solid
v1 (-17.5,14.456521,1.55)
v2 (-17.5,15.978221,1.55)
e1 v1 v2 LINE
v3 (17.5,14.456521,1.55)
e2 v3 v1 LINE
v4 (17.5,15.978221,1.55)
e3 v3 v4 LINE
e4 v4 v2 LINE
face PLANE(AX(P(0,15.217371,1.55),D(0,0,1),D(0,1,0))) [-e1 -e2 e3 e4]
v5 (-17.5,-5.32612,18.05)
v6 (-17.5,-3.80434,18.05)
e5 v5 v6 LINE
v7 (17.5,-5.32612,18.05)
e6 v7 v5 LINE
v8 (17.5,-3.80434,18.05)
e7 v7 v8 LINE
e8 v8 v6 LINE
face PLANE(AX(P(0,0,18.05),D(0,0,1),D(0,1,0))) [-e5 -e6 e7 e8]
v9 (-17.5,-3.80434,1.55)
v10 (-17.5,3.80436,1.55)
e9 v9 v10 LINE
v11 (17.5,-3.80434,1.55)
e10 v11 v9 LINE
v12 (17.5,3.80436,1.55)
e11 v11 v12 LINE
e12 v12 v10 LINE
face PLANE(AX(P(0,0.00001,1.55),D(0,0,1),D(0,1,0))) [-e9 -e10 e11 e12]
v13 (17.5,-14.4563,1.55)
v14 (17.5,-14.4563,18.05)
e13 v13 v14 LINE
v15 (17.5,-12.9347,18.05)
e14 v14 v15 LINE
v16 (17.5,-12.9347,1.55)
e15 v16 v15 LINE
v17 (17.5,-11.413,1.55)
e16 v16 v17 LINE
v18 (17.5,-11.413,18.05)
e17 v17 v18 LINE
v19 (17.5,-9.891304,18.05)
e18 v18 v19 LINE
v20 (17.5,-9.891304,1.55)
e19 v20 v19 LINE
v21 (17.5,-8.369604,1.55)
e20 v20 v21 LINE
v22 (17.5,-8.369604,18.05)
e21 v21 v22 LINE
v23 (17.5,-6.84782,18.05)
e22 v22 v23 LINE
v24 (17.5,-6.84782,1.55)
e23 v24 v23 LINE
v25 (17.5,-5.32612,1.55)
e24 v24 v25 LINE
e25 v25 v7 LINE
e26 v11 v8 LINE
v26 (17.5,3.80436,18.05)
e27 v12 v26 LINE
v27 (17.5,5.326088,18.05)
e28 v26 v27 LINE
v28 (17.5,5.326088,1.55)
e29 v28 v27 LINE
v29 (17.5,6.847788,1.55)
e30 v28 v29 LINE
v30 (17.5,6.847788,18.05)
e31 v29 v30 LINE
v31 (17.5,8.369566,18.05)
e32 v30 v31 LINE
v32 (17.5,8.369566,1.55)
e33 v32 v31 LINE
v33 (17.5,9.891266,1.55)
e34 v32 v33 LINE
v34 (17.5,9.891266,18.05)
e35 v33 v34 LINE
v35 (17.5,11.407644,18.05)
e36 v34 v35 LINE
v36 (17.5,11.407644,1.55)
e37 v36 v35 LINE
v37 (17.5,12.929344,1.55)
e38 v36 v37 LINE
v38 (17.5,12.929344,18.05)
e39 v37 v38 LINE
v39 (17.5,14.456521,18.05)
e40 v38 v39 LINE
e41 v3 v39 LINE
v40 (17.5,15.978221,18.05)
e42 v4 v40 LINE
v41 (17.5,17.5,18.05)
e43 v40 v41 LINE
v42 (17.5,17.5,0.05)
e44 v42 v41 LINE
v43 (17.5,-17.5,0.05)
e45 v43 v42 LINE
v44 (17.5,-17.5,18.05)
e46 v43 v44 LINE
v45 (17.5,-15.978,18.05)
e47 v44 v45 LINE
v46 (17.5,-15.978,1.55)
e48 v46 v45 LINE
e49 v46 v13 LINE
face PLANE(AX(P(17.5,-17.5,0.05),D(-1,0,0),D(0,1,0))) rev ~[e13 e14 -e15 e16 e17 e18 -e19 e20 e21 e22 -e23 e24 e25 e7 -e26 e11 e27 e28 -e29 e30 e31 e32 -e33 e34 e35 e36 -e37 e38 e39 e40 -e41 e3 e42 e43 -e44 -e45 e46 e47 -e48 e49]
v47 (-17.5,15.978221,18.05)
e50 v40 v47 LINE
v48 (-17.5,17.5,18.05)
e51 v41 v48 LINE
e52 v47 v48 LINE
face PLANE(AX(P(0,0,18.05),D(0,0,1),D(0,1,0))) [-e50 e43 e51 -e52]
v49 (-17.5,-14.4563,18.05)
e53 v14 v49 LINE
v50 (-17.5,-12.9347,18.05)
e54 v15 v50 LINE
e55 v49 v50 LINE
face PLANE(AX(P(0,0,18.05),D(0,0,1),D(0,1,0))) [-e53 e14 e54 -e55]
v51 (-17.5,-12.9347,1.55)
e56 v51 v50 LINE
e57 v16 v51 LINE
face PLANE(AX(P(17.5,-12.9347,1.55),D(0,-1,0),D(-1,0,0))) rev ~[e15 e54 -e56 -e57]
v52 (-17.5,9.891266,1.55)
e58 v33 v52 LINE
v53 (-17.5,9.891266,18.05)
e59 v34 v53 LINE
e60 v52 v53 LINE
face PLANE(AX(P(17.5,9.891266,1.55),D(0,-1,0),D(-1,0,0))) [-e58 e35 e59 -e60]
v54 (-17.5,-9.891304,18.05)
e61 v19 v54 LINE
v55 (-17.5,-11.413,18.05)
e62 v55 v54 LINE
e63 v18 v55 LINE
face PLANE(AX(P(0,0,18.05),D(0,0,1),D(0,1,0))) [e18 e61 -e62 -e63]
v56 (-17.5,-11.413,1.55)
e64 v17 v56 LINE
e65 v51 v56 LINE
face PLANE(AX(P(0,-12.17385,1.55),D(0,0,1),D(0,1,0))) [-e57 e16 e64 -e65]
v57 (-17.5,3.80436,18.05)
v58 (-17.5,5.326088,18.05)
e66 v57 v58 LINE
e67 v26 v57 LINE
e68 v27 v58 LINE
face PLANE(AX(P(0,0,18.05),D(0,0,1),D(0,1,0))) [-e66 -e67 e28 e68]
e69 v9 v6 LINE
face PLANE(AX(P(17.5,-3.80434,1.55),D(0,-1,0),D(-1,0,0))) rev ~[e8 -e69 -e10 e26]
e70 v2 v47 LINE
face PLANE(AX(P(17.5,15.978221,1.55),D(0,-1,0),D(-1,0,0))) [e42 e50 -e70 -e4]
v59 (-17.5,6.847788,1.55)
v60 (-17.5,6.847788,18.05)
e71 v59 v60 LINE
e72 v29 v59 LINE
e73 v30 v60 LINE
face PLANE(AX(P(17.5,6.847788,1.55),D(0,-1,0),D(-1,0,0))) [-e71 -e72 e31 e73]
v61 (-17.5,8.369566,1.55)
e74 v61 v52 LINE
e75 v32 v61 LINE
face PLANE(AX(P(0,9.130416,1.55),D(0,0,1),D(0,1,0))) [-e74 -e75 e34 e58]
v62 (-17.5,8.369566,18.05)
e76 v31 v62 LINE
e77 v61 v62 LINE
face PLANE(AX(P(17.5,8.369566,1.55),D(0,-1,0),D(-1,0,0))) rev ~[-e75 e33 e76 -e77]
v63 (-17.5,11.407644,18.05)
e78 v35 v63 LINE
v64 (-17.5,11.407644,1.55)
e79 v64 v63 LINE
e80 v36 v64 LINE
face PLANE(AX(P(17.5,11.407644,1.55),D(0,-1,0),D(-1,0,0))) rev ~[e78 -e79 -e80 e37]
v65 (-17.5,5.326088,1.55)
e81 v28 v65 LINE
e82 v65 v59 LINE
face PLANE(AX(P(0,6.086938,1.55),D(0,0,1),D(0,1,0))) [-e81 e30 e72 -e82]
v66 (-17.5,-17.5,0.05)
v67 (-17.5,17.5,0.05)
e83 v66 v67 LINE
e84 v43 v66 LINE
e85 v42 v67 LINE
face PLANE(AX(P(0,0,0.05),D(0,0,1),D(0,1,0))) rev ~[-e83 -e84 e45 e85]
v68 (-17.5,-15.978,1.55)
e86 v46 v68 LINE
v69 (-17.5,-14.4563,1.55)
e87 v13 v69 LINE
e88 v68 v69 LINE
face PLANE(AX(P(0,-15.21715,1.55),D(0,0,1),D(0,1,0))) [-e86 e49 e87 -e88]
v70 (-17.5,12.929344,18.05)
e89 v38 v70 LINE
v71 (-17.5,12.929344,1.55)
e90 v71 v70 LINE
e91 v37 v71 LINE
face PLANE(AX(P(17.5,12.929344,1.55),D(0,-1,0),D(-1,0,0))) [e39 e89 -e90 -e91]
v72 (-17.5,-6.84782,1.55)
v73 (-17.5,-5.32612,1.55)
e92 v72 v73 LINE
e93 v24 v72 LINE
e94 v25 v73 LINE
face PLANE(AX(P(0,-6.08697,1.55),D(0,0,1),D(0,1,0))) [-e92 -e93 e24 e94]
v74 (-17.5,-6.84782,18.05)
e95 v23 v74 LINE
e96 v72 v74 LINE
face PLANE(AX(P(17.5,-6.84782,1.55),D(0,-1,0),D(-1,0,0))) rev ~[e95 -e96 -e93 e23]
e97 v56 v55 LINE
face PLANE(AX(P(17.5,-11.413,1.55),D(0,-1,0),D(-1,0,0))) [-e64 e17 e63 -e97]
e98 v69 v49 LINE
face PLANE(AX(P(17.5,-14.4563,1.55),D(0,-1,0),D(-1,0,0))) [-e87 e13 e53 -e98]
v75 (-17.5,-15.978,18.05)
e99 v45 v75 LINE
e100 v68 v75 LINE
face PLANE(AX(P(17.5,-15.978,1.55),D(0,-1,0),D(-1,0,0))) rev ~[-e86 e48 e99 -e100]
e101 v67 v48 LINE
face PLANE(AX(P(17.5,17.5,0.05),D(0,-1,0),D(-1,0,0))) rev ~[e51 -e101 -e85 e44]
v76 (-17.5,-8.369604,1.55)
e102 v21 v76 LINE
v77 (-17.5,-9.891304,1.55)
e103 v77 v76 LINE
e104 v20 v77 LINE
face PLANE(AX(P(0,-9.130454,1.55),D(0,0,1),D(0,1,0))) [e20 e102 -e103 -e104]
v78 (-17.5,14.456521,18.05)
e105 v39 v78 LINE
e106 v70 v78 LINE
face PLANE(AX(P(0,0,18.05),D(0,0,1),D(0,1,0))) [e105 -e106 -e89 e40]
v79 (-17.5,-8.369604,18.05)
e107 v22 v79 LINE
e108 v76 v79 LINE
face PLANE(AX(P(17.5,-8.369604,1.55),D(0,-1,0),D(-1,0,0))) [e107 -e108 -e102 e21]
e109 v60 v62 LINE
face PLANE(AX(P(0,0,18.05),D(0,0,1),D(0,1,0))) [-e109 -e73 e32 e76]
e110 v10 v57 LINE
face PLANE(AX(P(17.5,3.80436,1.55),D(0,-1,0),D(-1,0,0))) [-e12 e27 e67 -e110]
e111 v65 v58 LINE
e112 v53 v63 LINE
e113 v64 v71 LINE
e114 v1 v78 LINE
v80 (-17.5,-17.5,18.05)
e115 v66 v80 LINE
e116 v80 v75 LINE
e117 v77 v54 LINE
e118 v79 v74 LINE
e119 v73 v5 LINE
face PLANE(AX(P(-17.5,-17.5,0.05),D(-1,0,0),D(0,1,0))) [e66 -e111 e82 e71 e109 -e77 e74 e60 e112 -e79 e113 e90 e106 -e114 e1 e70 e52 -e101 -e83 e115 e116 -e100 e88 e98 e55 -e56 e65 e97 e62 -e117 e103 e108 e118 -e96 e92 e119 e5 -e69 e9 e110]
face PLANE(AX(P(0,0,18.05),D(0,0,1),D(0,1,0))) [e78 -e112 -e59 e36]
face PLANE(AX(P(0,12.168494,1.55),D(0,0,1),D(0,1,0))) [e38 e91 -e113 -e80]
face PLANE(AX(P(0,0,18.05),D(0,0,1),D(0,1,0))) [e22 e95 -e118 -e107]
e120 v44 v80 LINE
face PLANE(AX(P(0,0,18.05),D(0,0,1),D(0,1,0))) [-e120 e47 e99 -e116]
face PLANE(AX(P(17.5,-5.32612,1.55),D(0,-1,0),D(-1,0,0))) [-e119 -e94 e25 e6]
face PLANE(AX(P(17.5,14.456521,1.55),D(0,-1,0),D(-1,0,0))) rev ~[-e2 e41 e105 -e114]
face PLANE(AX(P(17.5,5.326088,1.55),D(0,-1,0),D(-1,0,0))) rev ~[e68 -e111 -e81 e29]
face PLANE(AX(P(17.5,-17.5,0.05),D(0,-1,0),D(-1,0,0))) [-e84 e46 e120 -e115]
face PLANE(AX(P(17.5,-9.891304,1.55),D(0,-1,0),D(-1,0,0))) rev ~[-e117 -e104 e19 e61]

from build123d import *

# Parameters (mm, degrees)
BOX_W                = 35
BOX_H                = 35
BOX_DEPTH            = 18
BOX001_W             = 1.5217
BOX001_H             = 35
BOX001_DEPTH         = 16.5
BOX002_W             = 1.5217
BOX002_H             = 35
BOX002_DEPTH         = 16.5
BOX003_W             = 1.5217
BOX003_H             = 35
BOX003_DEPTH         = 16.5
BOX004_W             = 1.5217
BOX004_H             = 35
BOX004_DEPTH         = 16.5
BOX005_W             = 7.6087
BOX005_H             = 35
BOX005_DEPTH         = 16.5
BOX006_W             = 1.5217
BOX006_H             = 35
BOX006_DEPTH         = 16.5
BOX007_W             = 1.5217
BOX007_H             = 35
BOX007_DEPTH         = 16.5
BOX008_W             = 1.5217
BOX008_H             = 35
BOX008_DEPTH         = 16.5
BOX009_W             = 1.5217
BOX009_H             = 35
BOX009_DEPTH         = 16.5
BODY_PLACEMENT_ANGLE = 90


with BuildPart() as part:
    # Box → Box (join)
    with BuildSketch(Plane(origin=(-17.5, -17.5, 0), x_dir=(1, 0, 0), z_dir=(0, 0, 1))):
        with Locations((17.5, 17.5)):
            Rectangle(BOX_W, BOX_H)
    extrude(amount=BOX_DEPTH)

    # Box001 → Box001 (cut)
    with BuildSketch(Plane(origin=(-15.978, -17.5, 1.5), x_dir=(1, 0, 0), z_dir=(0, 0, 1))):
        with Locations((0.76085, 17.5)):
            Rectangle(BOX001_W, BOX001_H)
    extrude(amount=BOX001_DEPTH, mode=Mode.SUBTRACT)

    # Box002 → Box002 (cut)
    with BuildSketch(Plane(origin=(-12.9347, -17.5, 1.5), x_dir=(1, 0, 0), z_dir=(0, 0, 1))):
        with Locations((0.76085, 17.5)):
            Rectangle(BOX002_W, BOX002_H)
    extrude(amount=BOX002_DEPTH, mode=Mode.SUBTRACT)

    # Box003 → Box003 (cut)
    with BuildSketch(Plane(origin=(-9.891304, -17.5, 1.5), x_dir=(1, 0, 0), z_dir=(0, 0, 1))):
        with Locations((0.76085, 17.5)):
            Rectangle(BOX003_W, BOX003_H)
    extrude(amount=BOX003_DEPTH, mode=Mode.SUBTRACT)

    # Box004 → Box004 (cut)
    with BuildSketch(Plane(origin=(-6.84782, -17.5, 1.5), x_dir=(1, 0, 0), z_dir=(0, 0, 1))):
        with Locations((0.76085, 17.5)):
            Rectangle(BOX004_W, BOX004_H)
    extrude(amount=BOX004_DEPTH, mode=Mode.SUBTRACT)

    # Box005 → Box005 (cut)
    with BuildSketch(Plane(origin=(-3.80434, -17.5, 1.5), x_dir=(1, 0, 0), z_dir=(0, 0, 1))):
        with Locations((3.80435, 17.5)):
            Rectangle(BOX005_W, BOX005_H)
    extrude(amount=BOX005_DEPTH, mode=Mode.SUBTRACT)

    # Box006 → Box006 (cut)
    with BuildSketch(Plane(origin=(5.326088, -17.5, 1.5), x_dir=(1, 0, 0), z_dir=(0, 0, 1))):
        with Locations((0.76085, 17.5)):
            Rectangle(BOX006_W, BOX006_H)
    extrude(amount=BOX006_DEPTH, mode=Mode.SUBTRACT)

    # Box007 → Box007 (cut)
    with BuildSketch(Plane(origin=(8.369566, -17.5, 1.5), x_dir=(1, 0, 0), z_dir=(0, 0, 1))):
        with Locations((0.76085, 17.5)):
            Rectangle(BOX007_W, BOX007_H)
    extrude(amount=BOX007_DEPTH, mode=Mode.SUBTRACT)

    # Box008 → Box008 (cut)
    with BuildSketch(Plane(origin=(11.407644, -17.5, 1.5), x_dir=(1, 0, 0), z_dir=(0, 0, 1))):
        with Locations((0.76085, 17.5)):
            Rectangle(BOX008_W, BOX008_H)
    extrude(amount=BOX008_DEPTH, mode=Mode.SUBTRACT)

    # Box009 → Box009 (cut)
    with BuildSketch(Plane(origin=(14.456521, -17.5, 1.5), x_dir=(1, 0, 0), z_dir=(0, 0, 1))):
        with Locations((0.76085, 17.5)):
            Rectangle(BOX009_W, BOX009_H)
    extrude(amount=BOX009_DEPTH, mode=Mode.SUBTRACT)


with BuildPart() as part_1:
    # Body placement: moved
    add(part.part.moved(Location((0, 0, 0.05))).rotate(Axis((0, 0, 0.05), (0, 0, 1)), BODY_PLACEMENT_ANGLE))


solid = part_1.part
